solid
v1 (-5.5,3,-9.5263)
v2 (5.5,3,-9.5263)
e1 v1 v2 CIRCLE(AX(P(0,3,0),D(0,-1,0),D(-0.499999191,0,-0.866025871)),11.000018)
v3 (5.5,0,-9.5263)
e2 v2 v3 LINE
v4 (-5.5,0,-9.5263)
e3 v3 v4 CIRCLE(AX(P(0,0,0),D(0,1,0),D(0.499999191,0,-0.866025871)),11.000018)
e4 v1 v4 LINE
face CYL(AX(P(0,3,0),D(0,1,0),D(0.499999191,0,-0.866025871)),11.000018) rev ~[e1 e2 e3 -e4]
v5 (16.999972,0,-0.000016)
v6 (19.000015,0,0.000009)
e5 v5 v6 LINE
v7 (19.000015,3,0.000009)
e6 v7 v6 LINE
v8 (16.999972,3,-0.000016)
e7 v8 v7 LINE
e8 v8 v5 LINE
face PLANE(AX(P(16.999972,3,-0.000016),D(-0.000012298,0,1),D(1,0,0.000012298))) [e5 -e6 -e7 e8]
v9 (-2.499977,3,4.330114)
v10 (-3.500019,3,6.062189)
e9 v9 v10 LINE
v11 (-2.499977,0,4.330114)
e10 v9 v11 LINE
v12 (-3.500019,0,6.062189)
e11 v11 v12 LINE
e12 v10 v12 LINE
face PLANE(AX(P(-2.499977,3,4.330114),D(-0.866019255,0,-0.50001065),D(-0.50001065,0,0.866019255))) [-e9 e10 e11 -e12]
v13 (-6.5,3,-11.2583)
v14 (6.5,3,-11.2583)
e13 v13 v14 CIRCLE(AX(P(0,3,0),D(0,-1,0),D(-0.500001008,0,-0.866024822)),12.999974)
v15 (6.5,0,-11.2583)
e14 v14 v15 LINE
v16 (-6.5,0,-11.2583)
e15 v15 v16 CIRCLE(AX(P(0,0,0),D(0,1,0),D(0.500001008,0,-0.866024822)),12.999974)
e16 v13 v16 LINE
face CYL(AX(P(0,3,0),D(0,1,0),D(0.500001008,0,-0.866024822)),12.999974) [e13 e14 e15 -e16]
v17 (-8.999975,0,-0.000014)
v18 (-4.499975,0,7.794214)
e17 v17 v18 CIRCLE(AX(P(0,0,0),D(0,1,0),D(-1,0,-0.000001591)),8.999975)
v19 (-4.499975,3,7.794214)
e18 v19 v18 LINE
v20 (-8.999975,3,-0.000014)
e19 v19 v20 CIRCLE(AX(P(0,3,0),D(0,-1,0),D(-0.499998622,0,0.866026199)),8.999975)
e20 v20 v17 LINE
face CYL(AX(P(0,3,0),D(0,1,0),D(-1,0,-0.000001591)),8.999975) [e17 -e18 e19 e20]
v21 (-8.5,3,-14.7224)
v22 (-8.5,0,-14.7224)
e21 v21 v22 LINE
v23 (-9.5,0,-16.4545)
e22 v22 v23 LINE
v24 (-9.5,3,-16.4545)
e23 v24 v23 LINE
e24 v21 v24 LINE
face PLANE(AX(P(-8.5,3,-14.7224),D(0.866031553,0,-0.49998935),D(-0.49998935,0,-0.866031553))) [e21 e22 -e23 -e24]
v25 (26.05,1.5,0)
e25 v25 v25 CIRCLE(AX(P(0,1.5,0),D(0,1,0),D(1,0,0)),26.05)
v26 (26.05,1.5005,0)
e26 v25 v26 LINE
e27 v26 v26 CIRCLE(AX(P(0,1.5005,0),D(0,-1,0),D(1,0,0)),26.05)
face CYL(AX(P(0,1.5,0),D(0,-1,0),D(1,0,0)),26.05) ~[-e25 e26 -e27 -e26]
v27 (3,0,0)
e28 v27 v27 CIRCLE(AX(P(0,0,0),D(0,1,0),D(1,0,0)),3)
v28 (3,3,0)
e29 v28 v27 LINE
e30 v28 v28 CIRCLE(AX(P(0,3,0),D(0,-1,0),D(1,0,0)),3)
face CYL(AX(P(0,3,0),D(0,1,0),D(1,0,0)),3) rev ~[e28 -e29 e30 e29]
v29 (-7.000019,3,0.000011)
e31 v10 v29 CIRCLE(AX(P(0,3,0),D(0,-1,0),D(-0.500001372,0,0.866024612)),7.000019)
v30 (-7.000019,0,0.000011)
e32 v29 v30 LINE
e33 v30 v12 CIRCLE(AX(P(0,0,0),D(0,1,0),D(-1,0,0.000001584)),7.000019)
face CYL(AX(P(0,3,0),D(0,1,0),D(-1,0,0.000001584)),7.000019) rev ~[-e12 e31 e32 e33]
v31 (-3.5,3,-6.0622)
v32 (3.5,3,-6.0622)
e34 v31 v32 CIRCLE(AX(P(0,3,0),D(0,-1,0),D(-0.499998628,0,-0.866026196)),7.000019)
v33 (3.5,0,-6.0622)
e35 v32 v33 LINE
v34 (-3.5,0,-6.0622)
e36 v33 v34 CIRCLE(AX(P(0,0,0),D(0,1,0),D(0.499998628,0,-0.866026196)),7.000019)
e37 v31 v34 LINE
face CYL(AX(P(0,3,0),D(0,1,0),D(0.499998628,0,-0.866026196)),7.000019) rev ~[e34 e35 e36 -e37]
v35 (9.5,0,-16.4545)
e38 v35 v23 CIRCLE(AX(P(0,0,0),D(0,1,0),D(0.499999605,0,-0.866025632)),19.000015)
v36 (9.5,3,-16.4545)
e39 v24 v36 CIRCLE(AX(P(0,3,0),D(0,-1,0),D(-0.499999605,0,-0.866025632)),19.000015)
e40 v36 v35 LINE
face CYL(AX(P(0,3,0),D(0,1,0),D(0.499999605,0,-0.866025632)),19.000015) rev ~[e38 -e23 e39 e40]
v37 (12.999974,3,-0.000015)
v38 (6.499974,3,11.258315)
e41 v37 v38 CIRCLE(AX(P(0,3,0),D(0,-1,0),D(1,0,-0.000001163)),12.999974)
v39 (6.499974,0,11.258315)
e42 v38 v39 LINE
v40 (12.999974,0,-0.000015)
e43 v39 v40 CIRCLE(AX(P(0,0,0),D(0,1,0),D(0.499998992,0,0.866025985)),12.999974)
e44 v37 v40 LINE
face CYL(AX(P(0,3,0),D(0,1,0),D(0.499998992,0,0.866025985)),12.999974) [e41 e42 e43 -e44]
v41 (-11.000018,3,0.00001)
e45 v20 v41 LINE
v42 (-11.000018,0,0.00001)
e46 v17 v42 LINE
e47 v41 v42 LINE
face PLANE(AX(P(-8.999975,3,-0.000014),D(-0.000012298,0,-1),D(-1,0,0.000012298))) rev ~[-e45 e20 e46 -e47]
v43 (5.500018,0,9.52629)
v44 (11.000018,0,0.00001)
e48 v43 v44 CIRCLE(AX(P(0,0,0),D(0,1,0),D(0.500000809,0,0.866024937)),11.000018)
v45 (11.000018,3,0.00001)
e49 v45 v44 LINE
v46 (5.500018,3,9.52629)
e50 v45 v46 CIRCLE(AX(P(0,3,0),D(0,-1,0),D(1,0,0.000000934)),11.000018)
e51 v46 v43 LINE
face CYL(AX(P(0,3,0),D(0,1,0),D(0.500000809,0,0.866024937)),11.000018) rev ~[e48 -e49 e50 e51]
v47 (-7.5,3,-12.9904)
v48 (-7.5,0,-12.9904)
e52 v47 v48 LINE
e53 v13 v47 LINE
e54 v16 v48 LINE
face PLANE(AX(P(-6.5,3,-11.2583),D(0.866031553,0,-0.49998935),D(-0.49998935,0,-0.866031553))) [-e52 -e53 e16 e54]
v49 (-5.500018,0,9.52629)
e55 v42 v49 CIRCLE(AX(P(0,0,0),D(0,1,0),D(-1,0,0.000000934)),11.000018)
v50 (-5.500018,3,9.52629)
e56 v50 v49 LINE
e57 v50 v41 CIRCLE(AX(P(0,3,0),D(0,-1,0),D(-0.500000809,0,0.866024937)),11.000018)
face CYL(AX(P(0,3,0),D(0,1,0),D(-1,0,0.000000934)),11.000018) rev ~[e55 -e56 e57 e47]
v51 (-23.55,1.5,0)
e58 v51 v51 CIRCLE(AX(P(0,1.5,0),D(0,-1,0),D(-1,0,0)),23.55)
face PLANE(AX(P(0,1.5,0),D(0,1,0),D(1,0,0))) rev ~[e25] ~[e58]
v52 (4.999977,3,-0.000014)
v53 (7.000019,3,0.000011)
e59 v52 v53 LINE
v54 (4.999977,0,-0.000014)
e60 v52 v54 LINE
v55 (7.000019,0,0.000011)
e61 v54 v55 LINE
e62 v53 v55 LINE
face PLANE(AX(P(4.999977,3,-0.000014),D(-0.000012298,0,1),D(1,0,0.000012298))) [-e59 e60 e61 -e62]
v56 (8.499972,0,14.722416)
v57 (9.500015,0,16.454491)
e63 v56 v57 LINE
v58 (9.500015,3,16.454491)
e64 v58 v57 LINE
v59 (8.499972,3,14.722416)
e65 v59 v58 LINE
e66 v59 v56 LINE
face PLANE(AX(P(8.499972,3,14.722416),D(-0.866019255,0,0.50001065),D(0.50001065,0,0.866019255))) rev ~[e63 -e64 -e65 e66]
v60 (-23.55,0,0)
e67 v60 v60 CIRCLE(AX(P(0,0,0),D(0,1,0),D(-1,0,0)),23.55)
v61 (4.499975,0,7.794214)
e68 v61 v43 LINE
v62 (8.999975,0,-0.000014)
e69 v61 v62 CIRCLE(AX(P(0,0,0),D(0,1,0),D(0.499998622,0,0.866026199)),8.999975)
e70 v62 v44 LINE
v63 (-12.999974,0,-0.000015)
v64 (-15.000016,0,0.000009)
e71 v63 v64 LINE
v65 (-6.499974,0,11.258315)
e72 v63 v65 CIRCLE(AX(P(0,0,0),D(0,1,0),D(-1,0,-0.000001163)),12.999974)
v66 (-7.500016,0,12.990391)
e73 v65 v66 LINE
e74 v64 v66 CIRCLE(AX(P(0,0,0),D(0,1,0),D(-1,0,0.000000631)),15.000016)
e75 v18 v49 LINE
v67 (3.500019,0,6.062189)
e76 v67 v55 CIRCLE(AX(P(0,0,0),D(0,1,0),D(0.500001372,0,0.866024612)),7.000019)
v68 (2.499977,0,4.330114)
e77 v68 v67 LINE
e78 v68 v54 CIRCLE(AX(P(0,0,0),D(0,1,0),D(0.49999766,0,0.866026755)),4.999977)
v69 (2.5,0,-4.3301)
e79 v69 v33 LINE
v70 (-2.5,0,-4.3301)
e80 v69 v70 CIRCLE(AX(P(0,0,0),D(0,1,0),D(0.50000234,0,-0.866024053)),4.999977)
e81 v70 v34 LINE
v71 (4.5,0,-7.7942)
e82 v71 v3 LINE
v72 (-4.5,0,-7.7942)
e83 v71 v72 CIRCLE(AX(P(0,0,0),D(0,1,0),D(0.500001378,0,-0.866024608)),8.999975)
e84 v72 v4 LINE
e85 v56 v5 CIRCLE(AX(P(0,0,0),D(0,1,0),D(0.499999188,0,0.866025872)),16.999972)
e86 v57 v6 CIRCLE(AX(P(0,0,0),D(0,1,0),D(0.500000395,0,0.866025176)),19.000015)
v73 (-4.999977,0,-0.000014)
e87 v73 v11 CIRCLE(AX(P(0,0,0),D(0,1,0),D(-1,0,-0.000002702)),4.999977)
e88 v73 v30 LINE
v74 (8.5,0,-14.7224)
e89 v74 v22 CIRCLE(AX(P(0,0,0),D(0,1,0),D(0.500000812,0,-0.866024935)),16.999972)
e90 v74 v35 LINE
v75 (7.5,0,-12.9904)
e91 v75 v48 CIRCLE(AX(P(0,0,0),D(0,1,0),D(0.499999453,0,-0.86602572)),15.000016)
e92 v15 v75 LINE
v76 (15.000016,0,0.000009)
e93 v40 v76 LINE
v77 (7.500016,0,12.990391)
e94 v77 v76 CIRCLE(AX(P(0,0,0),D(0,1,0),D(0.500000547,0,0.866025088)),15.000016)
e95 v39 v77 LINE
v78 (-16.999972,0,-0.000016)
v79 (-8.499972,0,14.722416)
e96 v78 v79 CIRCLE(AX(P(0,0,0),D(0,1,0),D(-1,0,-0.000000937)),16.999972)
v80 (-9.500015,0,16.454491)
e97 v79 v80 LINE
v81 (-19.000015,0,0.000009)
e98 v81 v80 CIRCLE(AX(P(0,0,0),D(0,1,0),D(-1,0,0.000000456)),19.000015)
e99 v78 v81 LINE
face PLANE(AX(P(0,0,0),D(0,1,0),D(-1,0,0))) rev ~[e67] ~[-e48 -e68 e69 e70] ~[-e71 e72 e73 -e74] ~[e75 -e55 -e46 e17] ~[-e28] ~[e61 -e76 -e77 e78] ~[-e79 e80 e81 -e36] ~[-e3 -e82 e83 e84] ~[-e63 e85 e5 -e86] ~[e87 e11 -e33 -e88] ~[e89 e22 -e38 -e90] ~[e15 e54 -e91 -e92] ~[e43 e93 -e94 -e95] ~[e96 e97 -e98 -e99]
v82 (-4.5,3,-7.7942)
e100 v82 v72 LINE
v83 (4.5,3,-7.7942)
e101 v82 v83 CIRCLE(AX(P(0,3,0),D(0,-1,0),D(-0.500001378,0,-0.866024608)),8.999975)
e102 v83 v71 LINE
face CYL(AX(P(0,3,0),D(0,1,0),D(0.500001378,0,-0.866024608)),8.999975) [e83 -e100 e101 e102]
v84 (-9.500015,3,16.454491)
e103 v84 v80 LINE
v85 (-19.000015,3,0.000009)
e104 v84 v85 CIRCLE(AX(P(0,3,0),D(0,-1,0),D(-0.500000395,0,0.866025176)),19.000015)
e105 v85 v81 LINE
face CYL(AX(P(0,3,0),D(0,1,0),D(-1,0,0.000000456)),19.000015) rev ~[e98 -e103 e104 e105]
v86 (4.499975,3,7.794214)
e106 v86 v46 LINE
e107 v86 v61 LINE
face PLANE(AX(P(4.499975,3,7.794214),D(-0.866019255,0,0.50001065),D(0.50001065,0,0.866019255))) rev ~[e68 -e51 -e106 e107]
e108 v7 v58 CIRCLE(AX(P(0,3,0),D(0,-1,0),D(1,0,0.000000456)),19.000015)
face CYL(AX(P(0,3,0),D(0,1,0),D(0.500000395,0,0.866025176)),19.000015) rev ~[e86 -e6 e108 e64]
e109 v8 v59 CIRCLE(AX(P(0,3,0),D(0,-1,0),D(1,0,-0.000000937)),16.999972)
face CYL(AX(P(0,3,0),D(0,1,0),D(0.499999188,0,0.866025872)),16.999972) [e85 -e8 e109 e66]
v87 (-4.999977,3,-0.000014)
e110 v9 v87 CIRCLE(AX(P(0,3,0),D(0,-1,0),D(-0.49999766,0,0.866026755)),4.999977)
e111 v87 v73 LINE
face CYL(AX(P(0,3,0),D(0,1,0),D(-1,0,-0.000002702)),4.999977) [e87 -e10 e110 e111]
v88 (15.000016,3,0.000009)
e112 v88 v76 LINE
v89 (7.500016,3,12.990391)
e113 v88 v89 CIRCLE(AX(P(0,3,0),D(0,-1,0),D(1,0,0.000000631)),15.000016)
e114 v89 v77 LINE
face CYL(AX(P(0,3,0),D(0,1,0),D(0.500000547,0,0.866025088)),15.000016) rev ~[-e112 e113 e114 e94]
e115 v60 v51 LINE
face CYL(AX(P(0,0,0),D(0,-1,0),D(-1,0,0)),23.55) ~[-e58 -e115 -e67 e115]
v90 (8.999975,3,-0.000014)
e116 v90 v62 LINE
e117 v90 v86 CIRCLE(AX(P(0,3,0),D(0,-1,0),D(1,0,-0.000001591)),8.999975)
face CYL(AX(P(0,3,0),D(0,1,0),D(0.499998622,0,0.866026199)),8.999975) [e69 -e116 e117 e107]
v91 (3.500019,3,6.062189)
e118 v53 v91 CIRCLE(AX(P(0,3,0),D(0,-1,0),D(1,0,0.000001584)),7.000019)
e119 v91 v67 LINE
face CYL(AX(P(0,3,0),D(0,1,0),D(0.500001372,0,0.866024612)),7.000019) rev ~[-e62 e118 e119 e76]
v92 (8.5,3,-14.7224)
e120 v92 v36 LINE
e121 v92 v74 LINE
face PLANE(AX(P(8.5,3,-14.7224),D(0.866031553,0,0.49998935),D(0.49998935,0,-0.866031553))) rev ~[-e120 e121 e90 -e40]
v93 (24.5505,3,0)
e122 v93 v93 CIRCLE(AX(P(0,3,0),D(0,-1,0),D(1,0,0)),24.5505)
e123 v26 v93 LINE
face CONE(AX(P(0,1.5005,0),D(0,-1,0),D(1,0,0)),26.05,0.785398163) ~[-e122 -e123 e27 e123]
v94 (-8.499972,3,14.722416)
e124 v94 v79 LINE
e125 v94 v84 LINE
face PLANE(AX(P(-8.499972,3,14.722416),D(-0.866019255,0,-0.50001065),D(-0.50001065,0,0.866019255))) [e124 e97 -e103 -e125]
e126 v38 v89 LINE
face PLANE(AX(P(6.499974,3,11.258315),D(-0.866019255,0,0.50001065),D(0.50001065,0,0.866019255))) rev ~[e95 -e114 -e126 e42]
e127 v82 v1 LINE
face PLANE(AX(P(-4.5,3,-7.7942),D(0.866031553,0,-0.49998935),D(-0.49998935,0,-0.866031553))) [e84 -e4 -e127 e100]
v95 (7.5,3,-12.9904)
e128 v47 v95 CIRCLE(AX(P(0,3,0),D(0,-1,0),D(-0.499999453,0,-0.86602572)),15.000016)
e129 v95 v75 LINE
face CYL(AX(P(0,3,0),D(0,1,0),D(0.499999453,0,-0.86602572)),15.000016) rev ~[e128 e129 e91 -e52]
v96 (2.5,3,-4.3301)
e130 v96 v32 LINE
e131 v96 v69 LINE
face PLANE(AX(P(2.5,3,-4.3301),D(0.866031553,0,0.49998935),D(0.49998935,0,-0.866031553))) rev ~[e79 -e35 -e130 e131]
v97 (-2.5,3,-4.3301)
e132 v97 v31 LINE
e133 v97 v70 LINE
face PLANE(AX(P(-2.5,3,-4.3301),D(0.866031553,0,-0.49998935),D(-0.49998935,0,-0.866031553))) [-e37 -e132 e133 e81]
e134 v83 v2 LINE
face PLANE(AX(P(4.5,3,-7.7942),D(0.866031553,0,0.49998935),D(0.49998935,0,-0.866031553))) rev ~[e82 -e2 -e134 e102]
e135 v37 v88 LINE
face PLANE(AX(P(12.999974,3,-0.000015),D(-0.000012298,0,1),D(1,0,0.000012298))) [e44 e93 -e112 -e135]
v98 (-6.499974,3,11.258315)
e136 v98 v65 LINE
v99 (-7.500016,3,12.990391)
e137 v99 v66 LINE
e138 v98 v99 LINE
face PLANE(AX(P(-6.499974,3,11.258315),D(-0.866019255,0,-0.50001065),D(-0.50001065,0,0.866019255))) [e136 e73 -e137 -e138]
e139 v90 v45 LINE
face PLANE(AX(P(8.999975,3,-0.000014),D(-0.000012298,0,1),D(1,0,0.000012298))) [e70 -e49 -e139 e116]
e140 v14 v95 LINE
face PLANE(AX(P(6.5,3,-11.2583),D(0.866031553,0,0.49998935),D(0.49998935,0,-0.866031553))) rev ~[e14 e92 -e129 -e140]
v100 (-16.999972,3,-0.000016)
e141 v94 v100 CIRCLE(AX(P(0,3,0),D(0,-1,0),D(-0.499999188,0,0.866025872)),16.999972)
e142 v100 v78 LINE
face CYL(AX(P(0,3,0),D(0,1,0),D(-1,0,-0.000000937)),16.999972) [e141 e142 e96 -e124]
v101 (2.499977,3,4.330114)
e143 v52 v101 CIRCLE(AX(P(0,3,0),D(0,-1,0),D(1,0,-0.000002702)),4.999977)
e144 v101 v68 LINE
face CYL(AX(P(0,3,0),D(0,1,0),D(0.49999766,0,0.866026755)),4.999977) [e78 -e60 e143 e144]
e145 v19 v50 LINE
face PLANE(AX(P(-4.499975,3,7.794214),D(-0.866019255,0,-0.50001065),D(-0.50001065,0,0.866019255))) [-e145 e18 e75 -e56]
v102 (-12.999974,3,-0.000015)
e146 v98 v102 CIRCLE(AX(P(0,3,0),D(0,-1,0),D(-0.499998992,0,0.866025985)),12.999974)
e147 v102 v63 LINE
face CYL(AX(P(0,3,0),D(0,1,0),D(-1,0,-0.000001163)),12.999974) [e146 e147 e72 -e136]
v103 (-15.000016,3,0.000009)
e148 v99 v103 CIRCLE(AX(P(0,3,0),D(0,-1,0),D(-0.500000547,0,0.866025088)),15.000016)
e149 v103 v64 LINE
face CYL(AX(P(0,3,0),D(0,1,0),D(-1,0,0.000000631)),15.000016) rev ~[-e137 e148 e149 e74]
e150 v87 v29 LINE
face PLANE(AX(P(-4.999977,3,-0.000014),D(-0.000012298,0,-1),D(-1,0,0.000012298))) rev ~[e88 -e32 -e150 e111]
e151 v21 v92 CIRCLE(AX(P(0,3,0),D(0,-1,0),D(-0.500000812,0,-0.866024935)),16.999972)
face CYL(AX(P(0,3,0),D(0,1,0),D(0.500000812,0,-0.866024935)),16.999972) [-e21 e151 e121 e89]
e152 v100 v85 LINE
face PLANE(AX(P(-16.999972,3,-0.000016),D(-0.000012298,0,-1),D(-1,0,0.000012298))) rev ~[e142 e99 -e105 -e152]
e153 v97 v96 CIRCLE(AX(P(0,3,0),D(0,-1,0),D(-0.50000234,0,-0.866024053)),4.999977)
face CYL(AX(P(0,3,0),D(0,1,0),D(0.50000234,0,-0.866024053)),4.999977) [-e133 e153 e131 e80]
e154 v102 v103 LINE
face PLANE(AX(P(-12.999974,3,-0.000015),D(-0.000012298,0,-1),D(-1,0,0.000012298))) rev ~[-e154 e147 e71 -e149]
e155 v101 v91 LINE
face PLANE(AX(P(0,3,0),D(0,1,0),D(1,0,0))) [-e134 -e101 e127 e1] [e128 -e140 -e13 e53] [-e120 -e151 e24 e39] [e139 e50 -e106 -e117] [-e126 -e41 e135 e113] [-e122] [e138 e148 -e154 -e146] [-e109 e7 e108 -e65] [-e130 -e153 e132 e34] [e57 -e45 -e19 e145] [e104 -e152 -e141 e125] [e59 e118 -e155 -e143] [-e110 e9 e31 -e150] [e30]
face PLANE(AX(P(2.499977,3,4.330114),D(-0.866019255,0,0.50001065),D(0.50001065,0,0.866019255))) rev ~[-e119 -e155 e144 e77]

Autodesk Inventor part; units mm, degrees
ref_plane "YZ Plane" through (0, 0, 0) normal (1, 0, 0) x (0, 1, 0)
ref_plane "XZ Plane" through (0, 0, 0) normal (0, 1, 0) x (-1, 0, 0)
ref_plane "XY Plane" through (0, 0, 0) normal (0, 0, 1) x (1, 0, 0)
sketch "Náčrt1" plane through (0, 0, 0) normal (0, 1, 0) x (-1, 0, 0)
  line L0 (0, -38.2576) -> (0, 38.2576) projected
  line L1 (-38.2576, 0) -> (38.2576, 0) projected
  circle A0 centre (0, 0) radius 23.55
  dimension "d0" = 47.1
extrude "Vysunutí1" add sketch "Náčrt1" along normal blind 1.5
sketch "Náčrt2" plane through (0, 1.5, 0) normal (0, 1, 0) x (1, 0, 0)
  line L0 (0, 36.47) -> (0, -36.47) projected
  line L1 (36.47, 0) -> (-36.47, 0) projected
  circle A0 centre (0, 0) radius 26.05
  dimension "d3" = 52.1
extrude "Vysunutí2" add sketch "Náčrt2" along normal blind 1.5
chamfer "Zkosení1" distance 1.5 angle 45 1 edges at (-26.05, 3, 0)
sketch "Náčrt3" plane through (0, 3, 0) normal (0, 1, 0) x (1, 0, 0)
  line L0 (0, 36.47) -> (0, -36.47) projected
  line L1 (36.47, 0) -> (-36.47, 0) projected
  arc A0 (2.5, 4.3301) -> (-2.5, 4.3301) centre (0, 0) ccw
  arc A1 (3.5, 6.0622) -> (-3.5, 6.0622) centre (0, 0) ccw
  line L2 (-2.5, 4.3301) -> (-3.5, 6.0622)
  line L3 (2.5, 4.3301) -> (3.5, 6.0622)
  arc A2 (4.5, 7.7942) -> (-4.5, 7.7942) centre (0, 0) ccw
  arc A3 (5.5, 9.5263) -> (-5.5, 9.5263) centre (0, 0) ccw
  line L4 (-4.5, 7.7942) -> (-5.5, 9.5263)
  line L5 (4.5, 7.7942) -> (5.5, 9.5263)
  arc A4 (6.5, 11.2583) -> (-6.5, 11.2583) centre (0, 0) ccw
  arc A5 (7.5, 12.9904) -> (-7.5, 12.9904) centre (0, 0) ccw
  line L6 (-6.5, 11.2583) -> (-7.5, 12.9904)
  line L7 (6.5, 11.2583) -> (7.5, 12.9904)
  arc A6 (8.5, 14.7224) -> (-8.5, 14.7224) centre (0, 0) ccw
  arc A7 (9.5, 16.4545) -> (-9.5, 16.4545) centre (0, 0) ccw
  line L8 (-8.5, 14.7224) -> (-9.5, 16.4545)
  line L9 (8.5, 14.7224) -> (9.5, 16.4545)
  dimension "d10" = 5
  dimension "d11" = 7
  dimension "d12" = 60
  dimension "d24" = 9
  dimension "d25" = 11
  dimension "d26" = 13
  dimension "d27" = 15
  dimension "d28" = 17
  dimension "d29" = 19
extrude "Vysunutí3" cut sketch "Náčrt3" against normal through all
pattern_circular "Kruhové pole1" count 3 over 360 about axis through (0, -10, 0) along (0, 1, 0) of "Vysunutí3"
sketch "Náčrt4" plane through (0, 3, 0) normal (0, 1, 0) x (1, 0, 0)
  line L0 (0, 36.47) -> (0, -36.47) projected
  line L1 (36.47, 0) -> (-36.47, 0) projected
  circle A0 centre (0, 0) radius 3
  dimension "d18" = 6
extrude "Vysunutí4" cut sketch "Náčrt4" against normal through all
properties part number "4.L - GM - 01.04" material "LCP plast"
